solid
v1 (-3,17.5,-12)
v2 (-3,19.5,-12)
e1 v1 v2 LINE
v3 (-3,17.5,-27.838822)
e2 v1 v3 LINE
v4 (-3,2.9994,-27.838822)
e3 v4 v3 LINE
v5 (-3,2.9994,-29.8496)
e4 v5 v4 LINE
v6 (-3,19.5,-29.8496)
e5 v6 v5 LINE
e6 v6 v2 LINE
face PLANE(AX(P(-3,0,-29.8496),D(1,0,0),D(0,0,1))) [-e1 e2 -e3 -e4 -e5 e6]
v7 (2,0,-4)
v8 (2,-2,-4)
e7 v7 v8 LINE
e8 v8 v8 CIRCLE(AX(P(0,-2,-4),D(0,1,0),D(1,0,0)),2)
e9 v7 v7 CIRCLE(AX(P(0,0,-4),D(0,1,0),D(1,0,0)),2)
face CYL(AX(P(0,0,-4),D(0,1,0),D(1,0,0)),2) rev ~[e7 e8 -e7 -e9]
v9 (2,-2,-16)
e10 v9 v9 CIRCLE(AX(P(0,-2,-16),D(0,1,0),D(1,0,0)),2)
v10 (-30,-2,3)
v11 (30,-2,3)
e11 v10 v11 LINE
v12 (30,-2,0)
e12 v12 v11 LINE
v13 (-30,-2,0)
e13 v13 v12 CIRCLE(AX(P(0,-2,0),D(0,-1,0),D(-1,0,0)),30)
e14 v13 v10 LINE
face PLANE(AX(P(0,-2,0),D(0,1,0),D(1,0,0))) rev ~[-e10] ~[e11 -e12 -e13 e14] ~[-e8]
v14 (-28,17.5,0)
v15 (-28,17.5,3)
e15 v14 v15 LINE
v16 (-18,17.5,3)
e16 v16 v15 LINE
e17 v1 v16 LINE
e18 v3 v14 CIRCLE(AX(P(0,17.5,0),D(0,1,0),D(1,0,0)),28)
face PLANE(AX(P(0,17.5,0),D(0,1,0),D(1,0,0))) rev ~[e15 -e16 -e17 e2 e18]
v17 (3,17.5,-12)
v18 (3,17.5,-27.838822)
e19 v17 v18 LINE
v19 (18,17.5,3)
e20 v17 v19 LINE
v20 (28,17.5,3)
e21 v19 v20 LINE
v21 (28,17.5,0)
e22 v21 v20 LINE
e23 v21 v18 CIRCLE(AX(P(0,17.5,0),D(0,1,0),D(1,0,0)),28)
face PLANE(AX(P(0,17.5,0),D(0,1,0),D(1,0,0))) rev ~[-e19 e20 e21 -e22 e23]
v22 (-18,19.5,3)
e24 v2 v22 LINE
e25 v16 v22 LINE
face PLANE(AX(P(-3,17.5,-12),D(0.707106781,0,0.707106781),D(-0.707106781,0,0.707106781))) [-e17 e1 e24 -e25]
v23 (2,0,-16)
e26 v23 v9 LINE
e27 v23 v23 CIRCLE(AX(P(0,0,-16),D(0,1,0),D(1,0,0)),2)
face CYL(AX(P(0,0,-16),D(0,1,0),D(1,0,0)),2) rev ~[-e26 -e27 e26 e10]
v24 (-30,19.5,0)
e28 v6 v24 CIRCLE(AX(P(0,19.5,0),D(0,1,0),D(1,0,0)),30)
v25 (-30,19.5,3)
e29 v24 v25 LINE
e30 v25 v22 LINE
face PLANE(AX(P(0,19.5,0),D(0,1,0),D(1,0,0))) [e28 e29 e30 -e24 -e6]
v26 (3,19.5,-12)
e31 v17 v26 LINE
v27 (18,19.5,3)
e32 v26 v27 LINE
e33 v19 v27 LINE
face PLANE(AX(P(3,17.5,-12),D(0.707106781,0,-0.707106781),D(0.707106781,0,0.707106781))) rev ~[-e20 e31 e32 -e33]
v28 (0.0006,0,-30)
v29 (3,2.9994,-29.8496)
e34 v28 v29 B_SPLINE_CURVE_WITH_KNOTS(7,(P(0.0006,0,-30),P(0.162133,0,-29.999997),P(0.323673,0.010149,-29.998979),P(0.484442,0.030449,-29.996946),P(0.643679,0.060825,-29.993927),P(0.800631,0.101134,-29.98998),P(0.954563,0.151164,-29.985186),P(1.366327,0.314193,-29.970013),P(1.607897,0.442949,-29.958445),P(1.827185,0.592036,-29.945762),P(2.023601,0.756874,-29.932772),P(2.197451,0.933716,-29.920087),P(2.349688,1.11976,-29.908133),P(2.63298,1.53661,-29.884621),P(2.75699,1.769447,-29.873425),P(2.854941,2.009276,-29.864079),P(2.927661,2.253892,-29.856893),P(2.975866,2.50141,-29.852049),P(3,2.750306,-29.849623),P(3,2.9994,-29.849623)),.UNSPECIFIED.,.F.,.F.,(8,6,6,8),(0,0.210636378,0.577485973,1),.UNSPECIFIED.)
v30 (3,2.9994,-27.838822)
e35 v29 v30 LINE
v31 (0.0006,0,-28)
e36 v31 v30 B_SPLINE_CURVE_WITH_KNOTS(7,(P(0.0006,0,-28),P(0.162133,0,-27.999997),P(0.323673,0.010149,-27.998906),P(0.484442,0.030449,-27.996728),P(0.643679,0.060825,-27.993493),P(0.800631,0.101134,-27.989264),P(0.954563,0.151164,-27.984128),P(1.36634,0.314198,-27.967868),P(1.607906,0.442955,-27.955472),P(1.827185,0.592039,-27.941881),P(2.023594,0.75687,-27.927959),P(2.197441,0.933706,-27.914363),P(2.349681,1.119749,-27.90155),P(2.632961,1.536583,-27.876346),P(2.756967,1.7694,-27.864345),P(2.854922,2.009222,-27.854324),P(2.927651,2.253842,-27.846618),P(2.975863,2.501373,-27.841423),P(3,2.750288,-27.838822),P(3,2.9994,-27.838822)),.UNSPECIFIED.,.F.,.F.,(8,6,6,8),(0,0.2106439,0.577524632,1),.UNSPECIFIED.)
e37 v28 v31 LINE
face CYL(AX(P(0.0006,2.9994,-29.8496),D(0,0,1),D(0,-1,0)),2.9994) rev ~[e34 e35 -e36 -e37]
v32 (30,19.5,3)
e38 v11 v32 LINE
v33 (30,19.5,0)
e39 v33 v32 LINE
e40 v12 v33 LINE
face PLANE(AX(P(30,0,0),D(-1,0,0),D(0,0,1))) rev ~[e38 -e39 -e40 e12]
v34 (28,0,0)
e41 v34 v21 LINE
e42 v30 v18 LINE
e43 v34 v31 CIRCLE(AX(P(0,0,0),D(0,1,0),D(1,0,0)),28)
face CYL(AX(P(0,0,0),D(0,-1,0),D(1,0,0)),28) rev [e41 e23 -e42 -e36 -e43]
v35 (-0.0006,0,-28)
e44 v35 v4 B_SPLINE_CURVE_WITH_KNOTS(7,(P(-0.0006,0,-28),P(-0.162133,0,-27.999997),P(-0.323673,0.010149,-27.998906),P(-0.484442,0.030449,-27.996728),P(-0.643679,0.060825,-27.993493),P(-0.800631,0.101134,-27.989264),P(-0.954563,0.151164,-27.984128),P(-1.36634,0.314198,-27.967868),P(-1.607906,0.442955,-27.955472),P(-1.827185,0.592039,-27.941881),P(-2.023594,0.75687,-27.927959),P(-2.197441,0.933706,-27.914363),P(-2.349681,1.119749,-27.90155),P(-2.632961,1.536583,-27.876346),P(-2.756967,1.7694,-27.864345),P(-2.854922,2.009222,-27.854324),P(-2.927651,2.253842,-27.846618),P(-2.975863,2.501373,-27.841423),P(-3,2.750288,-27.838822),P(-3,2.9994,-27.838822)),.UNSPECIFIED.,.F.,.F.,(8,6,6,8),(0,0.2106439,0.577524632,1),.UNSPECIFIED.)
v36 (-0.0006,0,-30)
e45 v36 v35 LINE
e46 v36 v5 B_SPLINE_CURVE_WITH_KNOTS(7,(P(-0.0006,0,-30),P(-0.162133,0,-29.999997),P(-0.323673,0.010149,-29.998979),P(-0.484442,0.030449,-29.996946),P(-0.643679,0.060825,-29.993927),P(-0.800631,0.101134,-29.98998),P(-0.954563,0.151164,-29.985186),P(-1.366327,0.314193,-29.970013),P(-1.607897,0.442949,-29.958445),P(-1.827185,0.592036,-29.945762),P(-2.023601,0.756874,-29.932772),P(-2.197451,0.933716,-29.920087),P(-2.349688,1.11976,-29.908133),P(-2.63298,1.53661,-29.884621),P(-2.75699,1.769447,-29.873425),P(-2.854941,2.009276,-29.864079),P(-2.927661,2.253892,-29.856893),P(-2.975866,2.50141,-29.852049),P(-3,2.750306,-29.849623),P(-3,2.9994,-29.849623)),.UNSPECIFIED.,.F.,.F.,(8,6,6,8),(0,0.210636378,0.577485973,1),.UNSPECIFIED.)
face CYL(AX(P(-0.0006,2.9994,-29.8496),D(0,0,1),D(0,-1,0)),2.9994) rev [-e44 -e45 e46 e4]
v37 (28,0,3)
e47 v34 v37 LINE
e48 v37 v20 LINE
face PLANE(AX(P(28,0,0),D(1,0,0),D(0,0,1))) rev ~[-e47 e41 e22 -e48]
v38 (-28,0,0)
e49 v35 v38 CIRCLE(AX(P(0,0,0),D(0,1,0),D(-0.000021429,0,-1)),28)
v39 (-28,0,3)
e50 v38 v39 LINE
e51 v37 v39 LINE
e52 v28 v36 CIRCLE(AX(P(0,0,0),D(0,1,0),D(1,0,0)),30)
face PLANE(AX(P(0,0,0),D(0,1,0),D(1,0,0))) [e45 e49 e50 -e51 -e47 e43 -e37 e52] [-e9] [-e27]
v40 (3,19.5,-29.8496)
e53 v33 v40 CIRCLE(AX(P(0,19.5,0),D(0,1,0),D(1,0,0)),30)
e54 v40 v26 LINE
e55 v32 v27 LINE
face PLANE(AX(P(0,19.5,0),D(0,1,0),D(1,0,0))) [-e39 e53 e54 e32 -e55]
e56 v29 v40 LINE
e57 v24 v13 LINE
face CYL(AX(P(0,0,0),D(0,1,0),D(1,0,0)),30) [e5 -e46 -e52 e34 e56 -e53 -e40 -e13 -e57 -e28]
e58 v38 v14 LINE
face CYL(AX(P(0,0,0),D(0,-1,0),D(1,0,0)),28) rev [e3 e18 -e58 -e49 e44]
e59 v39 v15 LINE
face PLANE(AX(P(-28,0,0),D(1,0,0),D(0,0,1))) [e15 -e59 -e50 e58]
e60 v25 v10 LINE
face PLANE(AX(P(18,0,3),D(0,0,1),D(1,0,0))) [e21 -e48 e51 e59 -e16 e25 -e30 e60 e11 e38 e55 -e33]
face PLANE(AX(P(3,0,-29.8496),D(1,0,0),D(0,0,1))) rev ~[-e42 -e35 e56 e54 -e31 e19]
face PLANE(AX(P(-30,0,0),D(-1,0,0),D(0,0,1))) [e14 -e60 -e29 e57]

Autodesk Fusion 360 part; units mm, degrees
sketch "Sketch1" plane through (0, 0, 0) normal (0, 1, 0) x (1, 0, 0)
  arc A0 (28, 0) -> (-28, 0) centre (0, 0) ccw
  line L0 (-28, 0) -> (-28, -3)
  line L1 (0, -1.75) -> (0, -22.5)
  line L2 (28, 0) -> (28, -3)
  line L3 (-30, 0) -> (-30, -3)
  arc A1 (30, 0) -> (-30, 0) centre (0, 0) ccw
  line L4 (30, 0) -> (30, -3)
  line L5 (-30, -3) -> (-28, -3)
  line L6 (28, -3) -> (30, -3)
  line L7 (-3, 29.8496) -> (-3, 12)
  line L8 (-3, 12) -> (-18, -3)
  line L9 (-18, -3) -> (-28, -3)
  line L10 (18, -3) -> (28, -3)
  line L11 (3, 12) -> (18, -3)
  line L12 (3, 29.8496) -> (3, 12)
  line L13 (-18, -3) -> (18, -3)
  circle A2 centre (0, 4) radius 2
  circle A3 centre (0, 16) radius 2
  dimension "d1" = 28
  dimension "d2" = 3
  dimension "d3" = -2
  dimension "d4" = 135
  dimension "d5" = 6
  dimension "d6" = 15
  dimension "d7" = 7
  dimension "d8" = 12
  dimension "d9" = 4
extrude "Extrude1" add sketch "Sketch1" against normal blind 2
extrude "Extrude2" add sketch "Sketch1" along normal blind 17.5 contours A0 L2 A1 L4 L6 L12 | A0 L0 L3 A1 L5 L7
extrude "Extrude3" add sketch "Sketch1" along normal blind 2 from surface at 17.5 contours A0 L2 L10 L11 L12 | A0 L2 A1 L4 L6 L12 | A0 L0 L7 L8 L9 | A0 L0 L3 A1 L5 L7
fillet "Fillet1" radius 3 2 edges at (3, 0, -28.8442) (-3, 0, -28.8442)
equation "d1 = ( 56 / 2 ) * 1 mm"
